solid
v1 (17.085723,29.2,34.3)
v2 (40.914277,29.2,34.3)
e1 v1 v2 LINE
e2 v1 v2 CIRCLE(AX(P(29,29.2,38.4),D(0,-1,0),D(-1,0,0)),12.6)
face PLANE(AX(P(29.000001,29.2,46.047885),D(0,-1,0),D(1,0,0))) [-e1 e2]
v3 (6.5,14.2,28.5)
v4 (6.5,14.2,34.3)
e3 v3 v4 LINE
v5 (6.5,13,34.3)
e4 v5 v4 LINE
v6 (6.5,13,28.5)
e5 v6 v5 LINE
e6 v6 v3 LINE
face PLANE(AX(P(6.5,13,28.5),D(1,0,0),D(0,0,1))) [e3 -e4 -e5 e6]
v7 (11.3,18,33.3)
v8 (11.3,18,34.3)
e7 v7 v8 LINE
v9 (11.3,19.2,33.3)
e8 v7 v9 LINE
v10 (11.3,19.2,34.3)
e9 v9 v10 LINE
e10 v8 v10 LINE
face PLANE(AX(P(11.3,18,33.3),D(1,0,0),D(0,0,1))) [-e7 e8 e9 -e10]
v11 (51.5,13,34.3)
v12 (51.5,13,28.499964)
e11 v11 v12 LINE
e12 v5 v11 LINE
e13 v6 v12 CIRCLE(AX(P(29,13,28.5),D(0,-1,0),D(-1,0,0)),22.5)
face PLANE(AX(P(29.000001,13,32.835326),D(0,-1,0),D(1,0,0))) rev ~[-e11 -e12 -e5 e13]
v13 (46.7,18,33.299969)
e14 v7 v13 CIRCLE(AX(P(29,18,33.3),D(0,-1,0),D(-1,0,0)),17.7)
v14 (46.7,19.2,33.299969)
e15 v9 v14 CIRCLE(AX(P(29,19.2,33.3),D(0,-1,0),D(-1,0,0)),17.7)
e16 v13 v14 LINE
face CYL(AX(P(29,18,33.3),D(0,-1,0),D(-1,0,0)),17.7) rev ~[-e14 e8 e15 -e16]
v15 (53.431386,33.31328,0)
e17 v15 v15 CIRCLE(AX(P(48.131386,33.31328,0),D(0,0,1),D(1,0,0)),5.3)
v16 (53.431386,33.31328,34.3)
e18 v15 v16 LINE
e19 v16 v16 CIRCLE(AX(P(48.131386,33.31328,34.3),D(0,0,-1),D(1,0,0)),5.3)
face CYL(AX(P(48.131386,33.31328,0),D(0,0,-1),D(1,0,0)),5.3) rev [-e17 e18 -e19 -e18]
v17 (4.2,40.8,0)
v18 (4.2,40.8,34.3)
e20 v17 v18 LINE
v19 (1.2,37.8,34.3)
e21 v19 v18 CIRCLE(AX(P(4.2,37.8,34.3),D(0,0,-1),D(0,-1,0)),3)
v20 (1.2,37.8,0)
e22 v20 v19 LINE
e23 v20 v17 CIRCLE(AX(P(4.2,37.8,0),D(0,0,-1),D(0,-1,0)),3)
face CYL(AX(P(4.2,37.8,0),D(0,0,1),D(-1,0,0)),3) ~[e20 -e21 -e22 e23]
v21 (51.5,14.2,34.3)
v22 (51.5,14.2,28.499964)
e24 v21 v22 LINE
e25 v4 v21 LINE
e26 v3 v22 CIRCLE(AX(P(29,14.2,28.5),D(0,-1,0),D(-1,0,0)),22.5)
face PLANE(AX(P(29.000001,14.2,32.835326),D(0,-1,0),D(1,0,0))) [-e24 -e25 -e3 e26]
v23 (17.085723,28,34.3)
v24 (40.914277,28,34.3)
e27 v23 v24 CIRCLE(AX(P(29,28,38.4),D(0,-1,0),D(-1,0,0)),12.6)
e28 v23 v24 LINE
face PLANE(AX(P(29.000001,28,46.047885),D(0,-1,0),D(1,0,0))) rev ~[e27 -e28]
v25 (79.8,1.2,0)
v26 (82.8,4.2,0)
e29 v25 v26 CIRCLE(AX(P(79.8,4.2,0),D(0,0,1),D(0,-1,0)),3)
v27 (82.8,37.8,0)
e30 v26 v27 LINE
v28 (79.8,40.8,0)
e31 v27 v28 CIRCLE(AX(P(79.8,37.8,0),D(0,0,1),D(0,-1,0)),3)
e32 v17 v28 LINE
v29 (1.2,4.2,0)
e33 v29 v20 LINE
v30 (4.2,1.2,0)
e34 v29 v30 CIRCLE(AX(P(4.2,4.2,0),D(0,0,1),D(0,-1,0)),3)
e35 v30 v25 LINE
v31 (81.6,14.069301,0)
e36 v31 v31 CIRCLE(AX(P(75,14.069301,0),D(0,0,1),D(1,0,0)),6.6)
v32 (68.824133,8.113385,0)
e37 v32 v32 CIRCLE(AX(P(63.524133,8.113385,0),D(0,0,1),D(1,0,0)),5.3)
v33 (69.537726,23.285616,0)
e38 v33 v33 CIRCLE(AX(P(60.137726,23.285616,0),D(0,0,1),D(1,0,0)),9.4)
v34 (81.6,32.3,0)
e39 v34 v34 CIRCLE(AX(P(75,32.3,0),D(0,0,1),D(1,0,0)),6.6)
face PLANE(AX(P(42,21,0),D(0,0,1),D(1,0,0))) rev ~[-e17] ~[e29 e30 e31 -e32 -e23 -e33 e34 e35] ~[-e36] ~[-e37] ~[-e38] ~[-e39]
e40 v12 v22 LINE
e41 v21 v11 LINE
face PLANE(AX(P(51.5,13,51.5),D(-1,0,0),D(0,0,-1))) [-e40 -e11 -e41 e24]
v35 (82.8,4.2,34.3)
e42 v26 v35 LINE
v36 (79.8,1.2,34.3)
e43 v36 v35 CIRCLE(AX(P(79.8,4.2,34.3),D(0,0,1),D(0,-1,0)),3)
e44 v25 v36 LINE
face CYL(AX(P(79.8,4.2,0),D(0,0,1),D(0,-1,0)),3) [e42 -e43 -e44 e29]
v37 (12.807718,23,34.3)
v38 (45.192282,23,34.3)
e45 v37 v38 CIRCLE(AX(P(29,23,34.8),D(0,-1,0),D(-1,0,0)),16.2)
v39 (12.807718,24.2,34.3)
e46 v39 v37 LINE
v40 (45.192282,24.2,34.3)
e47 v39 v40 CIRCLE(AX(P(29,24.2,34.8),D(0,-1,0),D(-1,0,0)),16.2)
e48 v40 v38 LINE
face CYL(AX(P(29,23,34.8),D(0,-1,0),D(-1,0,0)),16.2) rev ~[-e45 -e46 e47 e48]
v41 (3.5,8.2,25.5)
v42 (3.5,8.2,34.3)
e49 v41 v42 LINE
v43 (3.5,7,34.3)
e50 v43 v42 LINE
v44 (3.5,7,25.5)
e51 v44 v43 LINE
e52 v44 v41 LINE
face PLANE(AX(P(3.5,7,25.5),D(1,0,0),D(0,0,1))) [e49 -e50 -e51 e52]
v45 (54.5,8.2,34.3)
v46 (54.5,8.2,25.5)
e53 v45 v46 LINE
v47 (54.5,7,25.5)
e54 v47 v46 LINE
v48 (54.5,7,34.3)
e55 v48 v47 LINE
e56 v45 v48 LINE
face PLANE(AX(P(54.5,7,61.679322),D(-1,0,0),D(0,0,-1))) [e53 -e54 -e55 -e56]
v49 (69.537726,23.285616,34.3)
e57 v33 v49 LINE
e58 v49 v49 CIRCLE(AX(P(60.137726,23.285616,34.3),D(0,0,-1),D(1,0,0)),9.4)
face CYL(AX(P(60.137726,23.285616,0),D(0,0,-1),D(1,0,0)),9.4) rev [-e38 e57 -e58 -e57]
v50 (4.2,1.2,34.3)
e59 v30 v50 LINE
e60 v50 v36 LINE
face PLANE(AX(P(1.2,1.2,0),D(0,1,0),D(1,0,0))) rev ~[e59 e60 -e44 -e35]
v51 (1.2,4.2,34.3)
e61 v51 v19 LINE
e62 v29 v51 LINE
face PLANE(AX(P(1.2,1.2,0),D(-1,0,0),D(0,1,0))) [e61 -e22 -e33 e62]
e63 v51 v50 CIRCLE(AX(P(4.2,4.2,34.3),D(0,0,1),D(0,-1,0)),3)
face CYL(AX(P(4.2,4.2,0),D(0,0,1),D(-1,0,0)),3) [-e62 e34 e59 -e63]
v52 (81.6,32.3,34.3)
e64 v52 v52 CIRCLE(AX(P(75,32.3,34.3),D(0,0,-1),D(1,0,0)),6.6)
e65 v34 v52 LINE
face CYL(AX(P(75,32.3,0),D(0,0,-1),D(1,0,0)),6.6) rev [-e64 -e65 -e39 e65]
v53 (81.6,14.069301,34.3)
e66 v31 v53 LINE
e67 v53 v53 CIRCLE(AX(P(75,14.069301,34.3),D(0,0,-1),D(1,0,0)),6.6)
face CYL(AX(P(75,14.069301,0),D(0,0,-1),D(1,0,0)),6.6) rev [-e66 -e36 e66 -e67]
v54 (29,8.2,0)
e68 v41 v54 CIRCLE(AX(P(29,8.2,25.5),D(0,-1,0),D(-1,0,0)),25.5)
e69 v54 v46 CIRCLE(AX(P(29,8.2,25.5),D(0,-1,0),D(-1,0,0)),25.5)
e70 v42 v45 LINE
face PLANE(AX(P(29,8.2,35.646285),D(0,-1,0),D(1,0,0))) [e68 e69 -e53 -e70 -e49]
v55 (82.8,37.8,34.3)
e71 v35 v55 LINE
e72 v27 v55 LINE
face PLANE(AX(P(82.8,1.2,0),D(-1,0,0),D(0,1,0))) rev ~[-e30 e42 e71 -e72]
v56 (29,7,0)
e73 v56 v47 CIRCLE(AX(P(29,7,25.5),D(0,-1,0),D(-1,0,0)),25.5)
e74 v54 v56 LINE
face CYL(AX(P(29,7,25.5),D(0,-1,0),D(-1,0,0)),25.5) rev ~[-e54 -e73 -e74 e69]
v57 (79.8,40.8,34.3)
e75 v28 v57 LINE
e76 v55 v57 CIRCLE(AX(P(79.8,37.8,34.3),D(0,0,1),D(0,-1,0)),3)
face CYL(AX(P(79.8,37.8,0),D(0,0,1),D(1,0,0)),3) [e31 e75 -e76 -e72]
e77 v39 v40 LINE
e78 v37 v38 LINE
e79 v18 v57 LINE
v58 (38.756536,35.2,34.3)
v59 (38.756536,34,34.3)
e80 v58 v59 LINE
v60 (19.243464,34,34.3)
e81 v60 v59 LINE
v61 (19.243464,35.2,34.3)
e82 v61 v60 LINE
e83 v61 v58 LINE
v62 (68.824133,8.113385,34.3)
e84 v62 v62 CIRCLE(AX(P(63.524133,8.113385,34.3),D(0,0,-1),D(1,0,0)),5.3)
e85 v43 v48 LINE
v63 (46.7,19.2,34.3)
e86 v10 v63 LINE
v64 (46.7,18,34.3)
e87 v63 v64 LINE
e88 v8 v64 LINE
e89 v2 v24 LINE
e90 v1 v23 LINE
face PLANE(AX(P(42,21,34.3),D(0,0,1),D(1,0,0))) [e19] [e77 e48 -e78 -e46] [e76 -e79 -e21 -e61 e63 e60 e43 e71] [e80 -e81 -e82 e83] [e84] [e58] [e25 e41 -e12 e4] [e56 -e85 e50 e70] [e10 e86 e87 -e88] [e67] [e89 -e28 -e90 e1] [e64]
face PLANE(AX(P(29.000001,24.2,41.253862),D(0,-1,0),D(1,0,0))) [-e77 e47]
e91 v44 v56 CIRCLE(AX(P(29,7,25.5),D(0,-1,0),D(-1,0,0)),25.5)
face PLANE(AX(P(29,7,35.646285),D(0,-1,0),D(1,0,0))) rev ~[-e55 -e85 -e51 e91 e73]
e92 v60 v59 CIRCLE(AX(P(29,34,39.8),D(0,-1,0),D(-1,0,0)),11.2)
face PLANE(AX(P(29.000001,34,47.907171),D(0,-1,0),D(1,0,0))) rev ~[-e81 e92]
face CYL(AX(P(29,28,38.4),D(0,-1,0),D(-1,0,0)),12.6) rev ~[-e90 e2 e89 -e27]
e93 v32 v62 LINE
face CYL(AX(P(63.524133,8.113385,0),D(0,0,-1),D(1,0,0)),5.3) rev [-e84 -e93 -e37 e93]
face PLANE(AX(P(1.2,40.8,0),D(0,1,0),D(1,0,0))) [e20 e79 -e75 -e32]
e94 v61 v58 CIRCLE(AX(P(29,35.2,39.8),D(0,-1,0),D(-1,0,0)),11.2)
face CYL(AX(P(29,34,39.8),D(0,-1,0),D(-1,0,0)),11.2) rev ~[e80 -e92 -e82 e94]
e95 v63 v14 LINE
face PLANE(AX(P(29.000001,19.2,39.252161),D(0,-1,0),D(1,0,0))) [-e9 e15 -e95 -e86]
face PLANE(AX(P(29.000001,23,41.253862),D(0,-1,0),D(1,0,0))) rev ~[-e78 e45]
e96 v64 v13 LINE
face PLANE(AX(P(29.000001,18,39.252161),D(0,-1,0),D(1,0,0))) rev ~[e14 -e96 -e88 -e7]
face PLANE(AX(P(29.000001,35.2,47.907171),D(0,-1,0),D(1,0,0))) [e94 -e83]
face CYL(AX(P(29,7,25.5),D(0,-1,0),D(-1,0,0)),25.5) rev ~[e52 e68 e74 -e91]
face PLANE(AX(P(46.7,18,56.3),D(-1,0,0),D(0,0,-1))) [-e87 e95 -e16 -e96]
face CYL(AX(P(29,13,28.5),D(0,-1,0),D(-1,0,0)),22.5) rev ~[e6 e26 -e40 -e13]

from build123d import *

# Parameters (mm, degrees)
SKETCH084_W     = 81.6
SKETCH084_H     = 39.6
PAD023_DEPTH    = 34.3
FILLET002_R     = 3
POCKET007_DEPTH = 1.2
POCKET019_DEPTH = 1.2
POCKET016_DEPTH = 1.2
POCKET021_DEPTH = 1.2
POCKET020_DEPTH = 1.2
POCKET018_DEPTH = 1.2
SKETCH094_R     = 6.6
SKETCH094_R_2   = 9.4
SKETCH094_R_3   = 5.3
POCKET017_DEPTH = 34.301


with BuildPart() as part:
    # Sketch084 → Pad023 (new body)
    with BuildSketch(Plane.XY):
        with Locations((42, 21)):
            Rectangle(SKETCH084_W, SKETCH084_H)
    extrude(amount=PAD023_DEPTH)

    # Fillet002
    fillet002_edges = [part.edges().sort_by_distance(p)[0] for p in [
        (82.8, 1.2, 17.15),
        (1.2, 1.2, 17.15),
        (1.2, 40.8, 17.15),
        (82.8, 40.8, 17.15),
    ]]
    fillet(fillet002_edges, radius=FILLET002_R)

    # Sketch088 → Pocket007 (cut)
    with BuildSketch(Plane(origin=(2, 7, 0), x_dir=(1, 0, 0), z_dir=(0, -1, 0))):
        with BuildLine():
            ThreePointArc((1.5, 25.5), (27, 0), (52.5, 25.5))
            Line((52.5, 61.679322), (52.5, 25.5))
            Line((1.5, 61.679322), (52.5, 61.679322))
            Line((1.5, 25.5), (1.5, 61.679322))
        make_face()
    extrude(amount=-POCKET007_DEPTH, mode=Mode.SUBTRACT)

    # Sketch089 → Pocket019 (cut)
    with BuildSketch(Plane(origin=(2, 13, 0), x_dir=(1, 0, 0), z_dir=(0, -1, 0))):
        with BuildLine():
            ThreePointArc((4.5, 28.5), (26.999982, 6), (49.5, 28.499964))
            Line((49.5, 51.5), (49.5, 28.499964))
            Line((4.5, 51.5), (49.5, 51.5))
            Line((4.5, 28.5), (4.5, 51.5))
        make_face()
    extrude(amount=-POCKET019_DEPTH, mode=Mode.SUBTRACT)

    # Sketch090 → Pocket016 (cut)
    with BuildSketch(Plane(origin=(2, 18, 0), x_dir=(1, 0, 0), z_dir=(0, -1, 0))):
        with BuildLine():
            ThreePointArc((9.3, 33.3), (26.999984, 15.6), (44.7, 33.299969))
            Line((44.7, 56.3), (44.7, 33.299969))
            Line((9.3, 56.3), (44.7, 56.3))
            Line((9.3, 33.3), (9.3, 56.3))
        make_face()
    extrude(amount=-POCKET016_DEPTH, mode=Mode.SUBTRACT)

    # Sketch091 → Pocket021 (cut)
    with BuildSketch(Plane(origin=(2, 23, 0), x_dir=(1, 0, 0), z_dir=(0, -1, 0))):
        with BuildLine():
            ThreePointArc((10.8, 34.8), (26.999981, 18.6), (43.2, 34.799961))
            Line((43.2, 57.8), (43.2, 34.799961))
            Line((10.8, 57.8), (43.2, 57.8))
            Line((10.8, 34.8), (10.8, 57.8))
        make_face()
    extrude(amount=-POCKET021_DEPTH, mode=Mode.SUBTRACT)

    # Sketch092 → Pocket020 (cut)
    with BuildSketch(Plane(origin=(2, 28, 0), x_dir=(1, 0, 0), z_dir=(0, -1, 0))):
        with BuildLine():
            ThreePointArc((14.4, 38.4), (26.999981, 25.8), (39.6, 38.399963))
            Line((39.6, 61.4), (39.6, 38.399963))
            Line((14.4, 61.4), (39.6, 61.4))
            Line((14.4, 38.4), (14.4, 61.4))
        make_face()
    extrude(amount=-POCKET020_DEPTH, mode=Mode.SUBTRACT)

    # Sketch093 → Pocket018 (cut)
    with BuildSketch(Plane(origin=(2, 34, 0), x_dir=(1, 0, 0), z_dir=(0, -1, 0))):
        with BuildLine():
            ThreePointArc((15.8, 39.8), (26.999979, 28.6), (38.2, 39.799958))
            Line((38.2, 62.8), (38.2, 39.799958))
            Line((15.8, 62.8), (38.2, 62.8))
            Line((15.8, 39.8), (15.8, 62.8))
        make_face()
    extrude(amount=-POCKET018_DEPTH, mode=Mode.SUBTRACT)

    # Sketch094 → Pocket017 (cut, through all)
    with BuildSketch(Plane.XY):
        with Locations((75, 32.3)):
            Circle(SKETCH094_R)
        with Locations((75, 14.069301)):
            Circle(SKETCH094_R)
        with Locations((60.137726, 23.285616)):
            Circle(SKETCH094_R_2)
        with Locations((63.524133, 8.113385)):
            Circle(SKETCH094_R_3)
        with Locations((48.131386, 33.31328)):
            Circle(SKETCH094_R_3)
    extrude(amount=POCKET017_DEPTH, mode=Mode.SUBTRACT)


solid = part.part
